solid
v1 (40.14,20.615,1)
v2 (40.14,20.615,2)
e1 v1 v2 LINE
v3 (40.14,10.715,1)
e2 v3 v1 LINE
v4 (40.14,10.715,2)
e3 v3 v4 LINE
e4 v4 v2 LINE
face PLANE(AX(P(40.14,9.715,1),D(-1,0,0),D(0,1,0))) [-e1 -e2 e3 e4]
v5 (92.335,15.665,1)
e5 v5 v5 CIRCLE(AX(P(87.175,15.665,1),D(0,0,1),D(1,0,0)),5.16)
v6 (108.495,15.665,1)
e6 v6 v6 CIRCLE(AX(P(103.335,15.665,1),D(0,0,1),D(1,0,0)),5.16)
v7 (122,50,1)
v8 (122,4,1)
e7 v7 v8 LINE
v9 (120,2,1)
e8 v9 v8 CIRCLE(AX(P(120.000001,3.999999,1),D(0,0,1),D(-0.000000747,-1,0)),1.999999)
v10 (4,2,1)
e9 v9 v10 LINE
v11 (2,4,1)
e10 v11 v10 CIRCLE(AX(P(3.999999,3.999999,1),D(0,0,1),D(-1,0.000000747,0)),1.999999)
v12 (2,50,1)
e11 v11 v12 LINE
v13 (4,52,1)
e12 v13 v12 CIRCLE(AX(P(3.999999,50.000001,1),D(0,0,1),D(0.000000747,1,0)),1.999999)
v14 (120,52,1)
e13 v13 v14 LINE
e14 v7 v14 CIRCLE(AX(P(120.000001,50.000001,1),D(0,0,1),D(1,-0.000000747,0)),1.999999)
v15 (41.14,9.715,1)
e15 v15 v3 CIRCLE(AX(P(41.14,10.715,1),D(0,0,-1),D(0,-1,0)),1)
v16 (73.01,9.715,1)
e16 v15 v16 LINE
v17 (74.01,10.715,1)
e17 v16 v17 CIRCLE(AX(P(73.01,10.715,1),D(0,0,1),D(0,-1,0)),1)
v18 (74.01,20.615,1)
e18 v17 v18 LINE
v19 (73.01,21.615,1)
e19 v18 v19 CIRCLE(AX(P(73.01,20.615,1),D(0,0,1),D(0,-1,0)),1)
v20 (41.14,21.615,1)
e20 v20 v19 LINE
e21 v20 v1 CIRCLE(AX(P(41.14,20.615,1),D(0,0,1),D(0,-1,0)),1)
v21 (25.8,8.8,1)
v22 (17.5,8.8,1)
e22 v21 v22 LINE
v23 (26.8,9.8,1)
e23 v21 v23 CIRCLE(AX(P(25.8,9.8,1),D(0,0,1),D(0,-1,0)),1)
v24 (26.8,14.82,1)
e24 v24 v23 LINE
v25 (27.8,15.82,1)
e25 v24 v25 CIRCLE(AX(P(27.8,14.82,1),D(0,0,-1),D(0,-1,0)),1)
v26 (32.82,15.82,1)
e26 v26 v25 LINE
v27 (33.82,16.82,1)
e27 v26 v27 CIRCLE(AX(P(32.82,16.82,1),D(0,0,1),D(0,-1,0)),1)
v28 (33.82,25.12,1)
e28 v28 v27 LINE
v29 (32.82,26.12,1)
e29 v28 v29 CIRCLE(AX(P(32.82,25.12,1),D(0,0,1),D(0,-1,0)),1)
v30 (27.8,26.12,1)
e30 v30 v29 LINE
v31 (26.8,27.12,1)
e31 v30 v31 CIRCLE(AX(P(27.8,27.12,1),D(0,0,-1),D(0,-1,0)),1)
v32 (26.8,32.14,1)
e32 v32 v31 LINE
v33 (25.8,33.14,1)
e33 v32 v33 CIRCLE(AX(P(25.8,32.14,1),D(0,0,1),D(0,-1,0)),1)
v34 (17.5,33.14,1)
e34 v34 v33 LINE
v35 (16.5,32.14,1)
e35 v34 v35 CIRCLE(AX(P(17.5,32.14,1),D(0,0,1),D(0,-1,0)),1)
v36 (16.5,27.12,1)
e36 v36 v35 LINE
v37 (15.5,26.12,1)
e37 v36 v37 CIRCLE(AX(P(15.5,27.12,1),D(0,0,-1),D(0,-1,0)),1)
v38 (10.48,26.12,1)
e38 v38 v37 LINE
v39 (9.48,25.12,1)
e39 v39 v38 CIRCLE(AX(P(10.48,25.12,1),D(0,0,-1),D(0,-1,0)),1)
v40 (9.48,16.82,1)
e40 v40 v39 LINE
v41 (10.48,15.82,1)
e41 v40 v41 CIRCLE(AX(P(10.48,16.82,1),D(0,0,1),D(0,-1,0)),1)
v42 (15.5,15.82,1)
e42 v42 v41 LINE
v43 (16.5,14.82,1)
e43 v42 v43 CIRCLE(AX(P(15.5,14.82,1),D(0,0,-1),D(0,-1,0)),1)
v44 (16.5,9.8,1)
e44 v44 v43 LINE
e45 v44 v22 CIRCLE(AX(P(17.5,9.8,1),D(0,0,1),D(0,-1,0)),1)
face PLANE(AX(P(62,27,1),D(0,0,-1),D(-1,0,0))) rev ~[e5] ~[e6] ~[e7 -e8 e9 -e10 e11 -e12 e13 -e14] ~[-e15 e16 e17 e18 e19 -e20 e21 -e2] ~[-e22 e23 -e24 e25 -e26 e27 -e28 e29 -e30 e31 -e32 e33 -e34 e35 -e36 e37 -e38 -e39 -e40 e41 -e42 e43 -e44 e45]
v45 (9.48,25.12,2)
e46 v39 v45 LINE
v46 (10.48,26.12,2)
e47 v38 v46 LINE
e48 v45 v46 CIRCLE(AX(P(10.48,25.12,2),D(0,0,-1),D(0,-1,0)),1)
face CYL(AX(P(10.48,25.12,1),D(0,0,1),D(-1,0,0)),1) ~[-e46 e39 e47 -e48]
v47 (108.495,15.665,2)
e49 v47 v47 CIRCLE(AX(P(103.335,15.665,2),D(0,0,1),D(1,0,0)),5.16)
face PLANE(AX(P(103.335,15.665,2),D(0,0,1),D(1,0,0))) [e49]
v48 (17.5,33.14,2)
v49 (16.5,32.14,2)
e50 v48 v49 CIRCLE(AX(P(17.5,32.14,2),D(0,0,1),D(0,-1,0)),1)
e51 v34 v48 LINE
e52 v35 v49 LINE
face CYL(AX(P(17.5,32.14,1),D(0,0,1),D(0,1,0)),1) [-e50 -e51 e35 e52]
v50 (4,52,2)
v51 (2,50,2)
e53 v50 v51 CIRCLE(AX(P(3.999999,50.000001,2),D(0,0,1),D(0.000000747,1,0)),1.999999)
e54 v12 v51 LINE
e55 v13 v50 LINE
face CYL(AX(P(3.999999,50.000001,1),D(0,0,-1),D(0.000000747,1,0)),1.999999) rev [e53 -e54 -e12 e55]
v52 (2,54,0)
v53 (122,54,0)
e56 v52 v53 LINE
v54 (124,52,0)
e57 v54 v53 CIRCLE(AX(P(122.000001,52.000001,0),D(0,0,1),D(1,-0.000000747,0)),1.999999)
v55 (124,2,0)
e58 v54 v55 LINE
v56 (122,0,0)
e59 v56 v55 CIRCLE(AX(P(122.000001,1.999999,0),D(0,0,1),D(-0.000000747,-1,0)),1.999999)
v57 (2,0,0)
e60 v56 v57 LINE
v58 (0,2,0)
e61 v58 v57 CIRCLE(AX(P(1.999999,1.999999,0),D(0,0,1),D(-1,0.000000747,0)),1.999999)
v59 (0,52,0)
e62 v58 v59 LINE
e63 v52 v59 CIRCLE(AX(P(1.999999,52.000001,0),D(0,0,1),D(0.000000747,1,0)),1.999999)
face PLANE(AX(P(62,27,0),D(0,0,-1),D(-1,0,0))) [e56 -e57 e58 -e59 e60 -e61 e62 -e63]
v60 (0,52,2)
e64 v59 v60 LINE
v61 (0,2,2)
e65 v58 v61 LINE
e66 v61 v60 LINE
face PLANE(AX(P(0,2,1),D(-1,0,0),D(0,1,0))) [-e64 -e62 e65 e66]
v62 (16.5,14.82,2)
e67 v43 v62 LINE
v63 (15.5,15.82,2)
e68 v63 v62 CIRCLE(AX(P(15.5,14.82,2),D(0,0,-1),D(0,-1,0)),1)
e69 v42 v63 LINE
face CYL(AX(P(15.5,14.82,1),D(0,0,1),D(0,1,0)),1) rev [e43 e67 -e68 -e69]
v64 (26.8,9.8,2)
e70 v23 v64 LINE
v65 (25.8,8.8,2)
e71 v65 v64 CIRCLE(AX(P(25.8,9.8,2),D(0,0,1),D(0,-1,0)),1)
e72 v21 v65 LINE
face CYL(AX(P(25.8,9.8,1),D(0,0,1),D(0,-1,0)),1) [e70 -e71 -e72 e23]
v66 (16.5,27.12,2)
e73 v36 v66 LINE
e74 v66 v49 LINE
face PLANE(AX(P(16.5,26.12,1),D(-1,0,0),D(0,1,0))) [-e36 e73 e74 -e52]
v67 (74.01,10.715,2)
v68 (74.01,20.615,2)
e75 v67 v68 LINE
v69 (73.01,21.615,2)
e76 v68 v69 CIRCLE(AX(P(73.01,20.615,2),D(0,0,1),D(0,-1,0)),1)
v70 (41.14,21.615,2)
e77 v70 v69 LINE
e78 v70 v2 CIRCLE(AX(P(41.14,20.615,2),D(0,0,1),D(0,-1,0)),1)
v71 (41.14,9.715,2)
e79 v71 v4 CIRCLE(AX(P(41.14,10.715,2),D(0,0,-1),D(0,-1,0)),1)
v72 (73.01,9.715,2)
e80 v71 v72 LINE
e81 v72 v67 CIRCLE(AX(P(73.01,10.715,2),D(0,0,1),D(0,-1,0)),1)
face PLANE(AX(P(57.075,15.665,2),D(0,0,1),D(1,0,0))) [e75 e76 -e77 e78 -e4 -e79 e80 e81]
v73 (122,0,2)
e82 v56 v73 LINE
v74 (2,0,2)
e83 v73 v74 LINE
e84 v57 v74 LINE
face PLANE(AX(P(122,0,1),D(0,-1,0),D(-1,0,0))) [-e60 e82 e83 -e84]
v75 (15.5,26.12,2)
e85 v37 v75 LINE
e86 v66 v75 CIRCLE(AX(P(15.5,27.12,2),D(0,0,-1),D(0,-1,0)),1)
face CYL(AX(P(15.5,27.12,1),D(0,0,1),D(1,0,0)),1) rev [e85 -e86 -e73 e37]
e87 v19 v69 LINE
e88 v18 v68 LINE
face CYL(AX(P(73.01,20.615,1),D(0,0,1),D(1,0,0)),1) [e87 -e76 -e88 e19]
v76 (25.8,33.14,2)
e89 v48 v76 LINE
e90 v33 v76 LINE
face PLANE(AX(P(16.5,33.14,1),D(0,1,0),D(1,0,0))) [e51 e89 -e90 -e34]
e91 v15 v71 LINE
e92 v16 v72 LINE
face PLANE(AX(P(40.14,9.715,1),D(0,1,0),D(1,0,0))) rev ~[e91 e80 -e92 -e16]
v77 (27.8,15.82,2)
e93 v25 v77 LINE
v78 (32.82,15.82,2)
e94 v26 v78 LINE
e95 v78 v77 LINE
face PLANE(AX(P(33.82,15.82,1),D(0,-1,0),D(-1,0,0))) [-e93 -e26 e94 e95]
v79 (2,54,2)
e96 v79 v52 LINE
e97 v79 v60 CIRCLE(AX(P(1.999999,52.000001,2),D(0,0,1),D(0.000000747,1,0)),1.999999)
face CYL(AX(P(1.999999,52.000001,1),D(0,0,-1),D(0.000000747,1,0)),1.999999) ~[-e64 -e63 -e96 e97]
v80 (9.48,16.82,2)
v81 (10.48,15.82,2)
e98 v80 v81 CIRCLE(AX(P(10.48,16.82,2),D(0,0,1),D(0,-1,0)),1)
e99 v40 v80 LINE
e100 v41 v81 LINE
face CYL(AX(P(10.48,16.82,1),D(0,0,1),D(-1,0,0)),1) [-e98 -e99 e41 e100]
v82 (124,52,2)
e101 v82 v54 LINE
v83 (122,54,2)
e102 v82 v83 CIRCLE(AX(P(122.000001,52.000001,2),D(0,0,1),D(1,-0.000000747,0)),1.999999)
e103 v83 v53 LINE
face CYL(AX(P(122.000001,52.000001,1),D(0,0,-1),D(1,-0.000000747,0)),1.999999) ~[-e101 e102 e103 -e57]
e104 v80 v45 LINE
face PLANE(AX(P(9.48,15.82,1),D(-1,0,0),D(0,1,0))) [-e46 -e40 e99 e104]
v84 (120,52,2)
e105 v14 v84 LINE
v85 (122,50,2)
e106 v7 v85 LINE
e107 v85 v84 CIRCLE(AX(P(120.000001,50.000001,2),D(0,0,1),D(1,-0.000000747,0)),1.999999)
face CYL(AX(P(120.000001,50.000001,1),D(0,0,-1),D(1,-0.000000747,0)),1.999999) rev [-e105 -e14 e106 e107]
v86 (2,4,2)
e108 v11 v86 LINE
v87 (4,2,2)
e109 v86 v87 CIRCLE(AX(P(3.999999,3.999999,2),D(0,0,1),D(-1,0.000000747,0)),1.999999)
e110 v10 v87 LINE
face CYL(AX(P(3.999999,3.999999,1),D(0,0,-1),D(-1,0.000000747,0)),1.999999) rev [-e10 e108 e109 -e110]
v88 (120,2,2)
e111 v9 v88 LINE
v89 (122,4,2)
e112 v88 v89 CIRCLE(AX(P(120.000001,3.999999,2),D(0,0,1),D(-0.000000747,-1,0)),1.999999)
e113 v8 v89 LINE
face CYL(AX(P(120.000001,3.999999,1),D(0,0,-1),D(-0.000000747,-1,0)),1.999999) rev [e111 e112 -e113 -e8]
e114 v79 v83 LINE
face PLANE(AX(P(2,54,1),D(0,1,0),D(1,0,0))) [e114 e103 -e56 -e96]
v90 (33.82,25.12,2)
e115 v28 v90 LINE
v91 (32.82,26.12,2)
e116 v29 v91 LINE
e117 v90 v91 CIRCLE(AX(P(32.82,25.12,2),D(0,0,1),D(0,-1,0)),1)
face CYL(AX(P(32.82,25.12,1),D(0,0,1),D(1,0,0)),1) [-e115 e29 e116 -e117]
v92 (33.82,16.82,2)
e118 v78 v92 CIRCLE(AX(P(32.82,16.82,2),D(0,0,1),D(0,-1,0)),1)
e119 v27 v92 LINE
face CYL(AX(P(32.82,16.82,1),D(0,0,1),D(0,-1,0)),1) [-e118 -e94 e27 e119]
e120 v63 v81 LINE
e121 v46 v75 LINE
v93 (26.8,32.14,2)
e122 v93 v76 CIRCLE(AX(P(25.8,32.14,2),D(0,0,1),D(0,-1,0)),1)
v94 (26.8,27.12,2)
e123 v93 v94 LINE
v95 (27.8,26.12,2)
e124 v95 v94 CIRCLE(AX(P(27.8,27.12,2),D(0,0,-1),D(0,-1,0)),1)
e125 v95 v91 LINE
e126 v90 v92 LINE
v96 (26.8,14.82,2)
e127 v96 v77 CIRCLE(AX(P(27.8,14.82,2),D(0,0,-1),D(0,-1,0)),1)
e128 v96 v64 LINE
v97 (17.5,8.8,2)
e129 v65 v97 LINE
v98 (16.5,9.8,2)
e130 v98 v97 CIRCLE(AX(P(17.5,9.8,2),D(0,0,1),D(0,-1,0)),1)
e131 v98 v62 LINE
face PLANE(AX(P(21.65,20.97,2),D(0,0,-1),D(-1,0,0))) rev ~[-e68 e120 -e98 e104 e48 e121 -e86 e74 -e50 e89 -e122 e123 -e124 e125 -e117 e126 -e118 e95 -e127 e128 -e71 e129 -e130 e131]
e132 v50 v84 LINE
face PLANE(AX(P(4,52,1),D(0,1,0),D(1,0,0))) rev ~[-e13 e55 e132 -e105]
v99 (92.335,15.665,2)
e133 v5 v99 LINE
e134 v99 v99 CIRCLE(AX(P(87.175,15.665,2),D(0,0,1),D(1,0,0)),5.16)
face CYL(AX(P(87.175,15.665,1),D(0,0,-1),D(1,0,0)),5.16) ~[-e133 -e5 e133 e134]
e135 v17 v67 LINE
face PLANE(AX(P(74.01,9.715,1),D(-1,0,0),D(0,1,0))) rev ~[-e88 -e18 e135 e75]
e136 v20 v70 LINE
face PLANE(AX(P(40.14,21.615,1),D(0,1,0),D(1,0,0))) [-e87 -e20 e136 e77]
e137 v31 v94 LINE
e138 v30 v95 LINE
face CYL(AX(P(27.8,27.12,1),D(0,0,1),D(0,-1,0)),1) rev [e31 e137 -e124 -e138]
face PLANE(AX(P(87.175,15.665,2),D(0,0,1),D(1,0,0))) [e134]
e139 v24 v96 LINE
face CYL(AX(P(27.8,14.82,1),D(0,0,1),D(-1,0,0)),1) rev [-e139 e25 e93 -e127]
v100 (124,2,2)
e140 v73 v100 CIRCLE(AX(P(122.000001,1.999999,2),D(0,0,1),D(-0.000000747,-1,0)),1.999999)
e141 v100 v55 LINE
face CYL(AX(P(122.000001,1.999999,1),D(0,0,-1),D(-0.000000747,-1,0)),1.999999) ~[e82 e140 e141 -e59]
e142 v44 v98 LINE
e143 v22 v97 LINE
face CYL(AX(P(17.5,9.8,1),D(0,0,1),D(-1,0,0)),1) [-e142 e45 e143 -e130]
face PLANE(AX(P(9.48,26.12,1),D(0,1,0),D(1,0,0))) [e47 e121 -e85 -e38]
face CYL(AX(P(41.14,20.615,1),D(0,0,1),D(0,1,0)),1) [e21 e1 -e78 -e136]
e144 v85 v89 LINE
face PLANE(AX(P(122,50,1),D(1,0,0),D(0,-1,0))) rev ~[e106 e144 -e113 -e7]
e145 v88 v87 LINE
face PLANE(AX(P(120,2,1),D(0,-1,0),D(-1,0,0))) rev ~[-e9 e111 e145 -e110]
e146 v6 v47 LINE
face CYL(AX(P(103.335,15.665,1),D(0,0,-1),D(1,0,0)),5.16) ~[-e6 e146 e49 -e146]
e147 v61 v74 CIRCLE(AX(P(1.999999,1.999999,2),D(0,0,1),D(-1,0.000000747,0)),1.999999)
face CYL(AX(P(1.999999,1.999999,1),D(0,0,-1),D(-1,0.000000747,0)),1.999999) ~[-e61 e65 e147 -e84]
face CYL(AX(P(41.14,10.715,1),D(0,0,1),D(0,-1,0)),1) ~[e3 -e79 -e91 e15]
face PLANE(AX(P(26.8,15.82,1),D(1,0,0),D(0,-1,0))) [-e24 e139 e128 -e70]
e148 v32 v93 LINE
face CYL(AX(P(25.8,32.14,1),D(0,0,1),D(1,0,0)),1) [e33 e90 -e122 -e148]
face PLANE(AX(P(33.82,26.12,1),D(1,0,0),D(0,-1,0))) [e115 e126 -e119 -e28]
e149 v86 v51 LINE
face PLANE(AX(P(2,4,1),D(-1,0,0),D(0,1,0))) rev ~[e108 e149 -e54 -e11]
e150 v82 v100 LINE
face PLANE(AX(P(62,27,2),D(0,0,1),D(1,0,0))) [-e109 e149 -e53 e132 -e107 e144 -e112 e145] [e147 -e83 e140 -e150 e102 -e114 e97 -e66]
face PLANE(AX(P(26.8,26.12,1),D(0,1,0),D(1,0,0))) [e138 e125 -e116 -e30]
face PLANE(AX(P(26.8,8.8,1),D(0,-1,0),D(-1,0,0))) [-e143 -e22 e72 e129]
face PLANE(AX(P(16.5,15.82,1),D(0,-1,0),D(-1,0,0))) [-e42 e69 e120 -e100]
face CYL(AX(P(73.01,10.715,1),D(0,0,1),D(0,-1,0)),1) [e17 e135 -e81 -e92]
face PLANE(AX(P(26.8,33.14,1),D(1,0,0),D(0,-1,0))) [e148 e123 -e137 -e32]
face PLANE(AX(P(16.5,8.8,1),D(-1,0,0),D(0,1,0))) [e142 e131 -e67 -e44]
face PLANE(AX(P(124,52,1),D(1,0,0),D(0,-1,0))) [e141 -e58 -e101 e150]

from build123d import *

# Parameters (mm, degrees)
PAD_DEPTH    = 1
SKETCH001_R  = 5.16
SKETCH001_W  = 33.87
SKETCH001_H  = 11.9
PAD001_DEPTH = 1
FILLET_R     = 1


with BuildPart() as part:
    # Sketch → Pad (new body)
    with BuildSketch(Plane.XY):
        with BuildLine():
            Line((2, 54), (122, 54))
            ThreePointArc((124, 52), (123.414214, 53.414214), (122, 54))
            Line((124, 52), (124, 2))
            ThreePointArc((122, 0), (123.414214, 0.585786), (124, 2))
            Line((122, 0), (2, 0))
            ThreePointArc((0, 2), (0.585786, 0.585786), (2, 0))
            Line((0, 2), (0, 52))
            ThreePointArc((2, 54), (0.585786, 53.414214), (0, 52))
        make_face()
    extrude(amount=PAD_DEPTH)

    # Sketch001 (on Face10 of Pad) → Pad001 (join)
    with BuildSketch(Plane.XY.offset(1)):
        with BuildLine():
            ThreePointArc((2, 54), (0.585786, 53.414214), (0, 52))
            Line((0, 2), (0, 52))
            ThreePointArc((0, 2), (0.585786, 0.585786), (2, 0))
            Line((122, 0), (2, 0))
            ThreePointArc((122, 0), (123.414214, 0.585786), (124, 2))
            Line((124, 52), (124, 2))
            ThreePointArc((124, 52), (123.414214, 53.414214), (122, 54))
            Line((2, 54), (122, 54))
        make_face()
        with BuildLine():
            Line((4, 52), (120, 52))
            ThreePointArc((122, 50), (121.414214, 51.414214), (120, 52))
            Line((122, 50), (122, 4))
            ThreePointArc((120, 2), (121.414214, 2.585786), (122, 4))
            Line((120, 2), (4, 2))
            ThreePointArc((2, 4), (2.585786, 2.585786), (4, 2))
            Line((2, 4), (2, 50))
            ThreePointArc((4, 52), (2.585786, 51.414214), (2, 50))
        make_face(mode=Mode.SUBTRACT)
        with Locations((87.175, 15.665)):
            Circle(SKETCH001_R)
        with Locations((103.335, 15.665)):
            Circle(SKETCH001_R)
        Polygon((9.48, 26.12), (16.5, 26.12), (16.5, 33.14), (26.8, 33.14), (26.8, 26.12), (33.82, 26.12), (33.82, 15.82), (26.8, 15.82), (26.8, 8.8), (16.5, 8.8), (16.5, 15.82), (9.48, 15.82), align=None)
        with Locations((57.075, 15.665)):
            Rectangle(SKETCH001_W, SKETCH001_H)
    extrude(amount=PAD001_DEPTH)

    # Fillet
    fillet_edges = [part.edges().sort_by_distance(p)[0] for p in [
        (26.8, 15.82, 1.5),
        (33.82, 15.82, 1.5),
        (33.82, 26.12, 1.5),
        (26.8, 33.14, 1.5),
        (74.01, 9.715, 1.5),
        (74.01, 21.615, 1.5),
        (40.14, 9.715, 1.5),
        (26.8, 8.8, 1.5),
        (16.5, 8.8, 1.5),
        (9.48, 15.82, 1.5),
        (26.8, 26.12, 1.5),
        (40.14, 21.615, 1.5),
        (16.5, 33.14, 1.5),
        (9.48, 26.12, 1.5),
        (16.5, 26.12, 1.5),
        (16.5, 15.82, 1.5),
    ]]
    fillet(fillet_edges, radius=FILLET_R)


solid = part.part
